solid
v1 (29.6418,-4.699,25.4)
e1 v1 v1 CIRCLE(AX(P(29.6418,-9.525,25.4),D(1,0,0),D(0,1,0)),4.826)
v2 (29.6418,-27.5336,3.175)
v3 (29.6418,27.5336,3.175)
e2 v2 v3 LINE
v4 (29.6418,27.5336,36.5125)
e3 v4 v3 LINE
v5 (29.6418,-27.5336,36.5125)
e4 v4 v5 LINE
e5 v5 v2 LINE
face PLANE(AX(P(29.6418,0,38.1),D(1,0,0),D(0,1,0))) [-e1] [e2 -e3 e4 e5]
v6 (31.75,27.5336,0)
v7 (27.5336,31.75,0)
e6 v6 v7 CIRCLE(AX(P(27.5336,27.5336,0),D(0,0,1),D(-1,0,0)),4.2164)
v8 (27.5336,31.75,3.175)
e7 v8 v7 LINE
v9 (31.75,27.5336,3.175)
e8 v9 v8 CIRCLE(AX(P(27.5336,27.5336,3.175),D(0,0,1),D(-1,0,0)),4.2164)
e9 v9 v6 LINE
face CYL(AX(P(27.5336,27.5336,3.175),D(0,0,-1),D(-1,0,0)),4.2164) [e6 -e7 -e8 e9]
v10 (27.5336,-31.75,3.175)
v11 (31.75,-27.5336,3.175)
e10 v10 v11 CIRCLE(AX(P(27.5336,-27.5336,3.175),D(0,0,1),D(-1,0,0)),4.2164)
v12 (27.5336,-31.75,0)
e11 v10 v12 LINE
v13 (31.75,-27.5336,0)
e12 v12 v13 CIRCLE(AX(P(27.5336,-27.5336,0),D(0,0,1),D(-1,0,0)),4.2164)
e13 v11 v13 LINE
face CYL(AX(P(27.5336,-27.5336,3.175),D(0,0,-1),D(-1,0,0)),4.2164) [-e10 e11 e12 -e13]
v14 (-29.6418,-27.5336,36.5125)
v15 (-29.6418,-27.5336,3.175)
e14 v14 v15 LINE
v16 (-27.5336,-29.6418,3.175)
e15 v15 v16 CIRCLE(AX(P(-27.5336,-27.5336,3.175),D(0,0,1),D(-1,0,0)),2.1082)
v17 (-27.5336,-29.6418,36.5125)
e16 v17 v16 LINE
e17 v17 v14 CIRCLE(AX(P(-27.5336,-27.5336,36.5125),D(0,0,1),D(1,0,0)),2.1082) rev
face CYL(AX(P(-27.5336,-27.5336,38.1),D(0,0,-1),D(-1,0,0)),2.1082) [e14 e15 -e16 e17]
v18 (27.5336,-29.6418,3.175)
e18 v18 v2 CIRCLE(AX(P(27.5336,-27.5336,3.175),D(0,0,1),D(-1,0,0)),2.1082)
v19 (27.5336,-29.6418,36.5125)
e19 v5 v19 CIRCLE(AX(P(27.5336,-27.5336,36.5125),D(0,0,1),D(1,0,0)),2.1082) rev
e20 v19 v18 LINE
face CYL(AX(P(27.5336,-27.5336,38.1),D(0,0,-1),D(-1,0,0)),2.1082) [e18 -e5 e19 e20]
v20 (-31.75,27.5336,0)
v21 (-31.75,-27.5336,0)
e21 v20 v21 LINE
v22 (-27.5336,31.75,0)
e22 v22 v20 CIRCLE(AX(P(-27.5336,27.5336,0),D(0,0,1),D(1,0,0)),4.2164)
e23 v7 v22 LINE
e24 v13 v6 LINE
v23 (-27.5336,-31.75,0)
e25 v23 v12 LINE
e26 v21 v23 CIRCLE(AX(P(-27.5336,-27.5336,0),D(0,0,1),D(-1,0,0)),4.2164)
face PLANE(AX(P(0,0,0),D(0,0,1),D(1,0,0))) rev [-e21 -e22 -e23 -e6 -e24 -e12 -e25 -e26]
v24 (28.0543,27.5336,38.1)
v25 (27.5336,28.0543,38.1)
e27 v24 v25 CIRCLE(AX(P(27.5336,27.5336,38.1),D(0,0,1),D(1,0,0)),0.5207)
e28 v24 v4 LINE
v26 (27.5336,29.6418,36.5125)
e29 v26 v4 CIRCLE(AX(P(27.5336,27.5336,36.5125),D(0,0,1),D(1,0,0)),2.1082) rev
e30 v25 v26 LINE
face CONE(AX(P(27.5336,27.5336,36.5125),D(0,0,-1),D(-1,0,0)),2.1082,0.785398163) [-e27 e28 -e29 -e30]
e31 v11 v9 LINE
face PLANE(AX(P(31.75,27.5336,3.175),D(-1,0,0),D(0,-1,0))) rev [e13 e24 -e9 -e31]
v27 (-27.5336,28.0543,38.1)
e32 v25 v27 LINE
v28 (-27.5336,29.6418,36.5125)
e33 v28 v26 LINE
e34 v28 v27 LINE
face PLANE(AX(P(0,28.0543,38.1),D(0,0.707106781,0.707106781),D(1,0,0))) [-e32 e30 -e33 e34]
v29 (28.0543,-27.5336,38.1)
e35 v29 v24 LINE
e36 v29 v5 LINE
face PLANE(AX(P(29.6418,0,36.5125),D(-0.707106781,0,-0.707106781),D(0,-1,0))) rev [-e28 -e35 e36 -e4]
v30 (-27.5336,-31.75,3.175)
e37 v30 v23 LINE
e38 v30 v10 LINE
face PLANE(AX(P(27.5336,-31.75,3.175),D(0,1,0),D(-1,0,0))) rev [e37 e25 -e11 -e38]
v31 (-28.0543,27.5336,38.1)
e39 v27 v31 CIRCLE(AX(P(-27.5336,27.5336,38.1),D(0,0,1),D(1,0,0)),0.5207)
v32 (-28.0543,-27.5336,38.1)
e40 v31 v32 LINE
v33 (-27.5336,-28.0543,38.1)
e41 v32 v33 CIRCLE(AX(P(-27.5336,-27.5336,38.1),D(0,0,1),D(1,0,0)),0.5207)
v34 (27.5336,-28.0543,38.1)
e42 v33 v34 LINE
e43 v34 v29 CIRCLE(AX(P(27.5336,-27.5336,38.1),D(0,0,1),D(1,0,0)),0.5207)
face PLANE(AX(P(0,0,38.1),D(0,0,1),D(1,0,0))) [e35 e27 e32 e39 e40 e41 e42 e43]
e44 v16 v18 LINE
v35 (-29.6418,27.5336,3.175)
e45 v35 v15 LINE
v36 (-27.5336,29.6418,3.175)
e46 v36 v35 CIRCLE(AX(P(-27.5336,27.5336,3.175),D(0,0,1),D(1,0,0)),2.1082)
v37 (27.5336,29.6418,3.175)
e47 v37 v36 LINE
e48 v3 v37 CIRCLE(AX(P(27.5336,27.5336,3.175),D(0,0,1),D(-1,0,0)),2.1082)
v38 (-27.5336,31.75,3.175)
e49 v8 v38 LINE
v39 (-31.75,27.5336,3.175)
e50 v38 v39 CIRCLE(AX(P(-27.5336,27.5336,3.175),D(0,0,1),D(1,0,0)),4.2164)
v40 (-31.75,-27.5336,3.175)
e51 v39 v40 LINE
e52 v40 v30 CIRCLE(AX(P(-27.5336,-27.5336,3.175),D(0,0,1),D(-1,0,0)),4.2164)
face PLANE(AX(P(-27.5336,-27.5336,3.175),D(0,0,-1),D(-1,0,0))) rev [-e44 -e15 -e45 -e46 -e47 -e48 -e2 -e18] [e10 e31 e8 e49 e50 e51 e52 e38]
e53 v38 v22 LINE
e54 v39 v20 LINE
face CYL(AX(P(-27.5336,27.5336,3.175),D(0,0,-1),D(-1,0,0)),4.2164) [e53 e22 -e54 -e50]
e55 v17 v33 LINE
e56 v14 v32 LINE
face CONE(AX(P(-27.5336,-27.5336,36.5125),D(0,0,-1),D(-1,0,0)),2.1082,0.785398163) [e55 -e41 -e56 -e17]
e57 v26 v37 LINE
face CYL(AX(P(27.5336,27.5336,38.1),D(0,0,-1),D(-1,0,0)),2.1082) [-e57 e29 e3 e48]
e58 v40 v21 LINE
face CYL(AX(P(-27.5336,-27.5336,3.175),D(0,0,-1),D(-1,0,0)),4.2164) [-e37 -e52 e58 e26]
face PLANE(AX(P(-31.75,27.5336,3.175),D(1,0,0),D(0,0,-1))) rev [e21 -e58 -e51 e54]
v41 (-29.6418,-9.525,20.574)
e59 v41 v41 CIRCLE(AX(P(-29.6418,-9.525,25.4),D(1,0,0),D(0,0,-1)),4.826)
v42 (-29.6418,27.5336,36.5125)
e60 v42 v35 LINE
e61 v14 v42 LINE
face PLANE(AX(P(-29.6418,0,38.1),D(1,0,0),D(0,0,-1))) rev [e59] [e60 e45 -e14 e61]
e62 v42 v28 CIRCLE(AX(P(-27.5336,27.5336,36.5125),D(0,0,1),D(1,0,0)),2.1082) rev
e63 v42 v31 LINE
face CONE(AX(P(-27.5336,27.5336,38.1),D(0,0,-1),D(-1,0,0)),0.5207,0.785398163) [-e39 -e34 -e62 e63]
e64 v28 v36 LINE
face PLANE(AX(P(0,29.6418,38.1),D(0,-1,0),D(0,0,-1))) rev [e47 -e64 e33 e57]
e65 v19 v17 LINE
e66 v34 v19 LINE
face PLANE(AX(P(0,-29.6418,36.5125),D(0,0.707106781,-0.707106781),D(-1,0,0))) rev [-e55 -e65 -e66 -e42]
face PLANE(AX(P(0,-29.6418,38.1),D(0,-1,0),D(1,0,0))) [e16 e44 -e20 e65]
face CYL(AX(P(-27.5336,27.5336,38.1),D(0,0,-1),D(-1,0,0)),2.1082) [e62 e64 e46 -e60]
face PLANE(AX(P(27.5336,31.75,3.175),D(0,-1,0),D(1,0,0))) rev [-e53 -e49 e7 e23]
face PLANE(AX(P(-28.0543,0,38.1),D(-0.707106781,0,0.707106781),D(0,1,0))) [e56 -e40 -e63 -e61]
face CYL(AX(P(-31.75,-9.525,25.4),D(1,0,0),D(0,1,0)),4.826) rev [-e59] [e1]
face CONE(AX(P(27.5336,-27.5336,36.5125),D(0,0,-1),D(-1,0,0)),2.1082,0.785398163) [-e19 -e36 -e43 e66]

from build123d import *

# Parameters (mm, degrees)
BOSS_EXTRUDE1_DEPTH = 38.1
BOSS_EXTRUDE2_DEPTH = 3.175
SKETCH2_R           = 4.826
CUT_EXTRUDE1_DEPTH  = 79.921642198
CHAMFER1_SIZE       = 1.5875


with BuildPart() as part:
    # Sketch1 → Boss-Extrude1 (new body)
    with BuildSketch(Plane.XY):
        with BuildLine():
            ThreePointArc((29.6418, 27.5336), (29.024322516, 29.024322516), (27.5336, 29.6418))
            Line((27.5336, 29.6418), (-27.5336, 29.6418))
            ThreePointArc((-27.5336, 29.6418), (-29.024322516, 29.024322516), (-29.6418, 27.5336))
            Line((-29.6418, 27.5336), (-29.6418, -27.5336))
            ThreePointArc((-29.6418, -27.5336), (-29.024322516, -29.024322516), (-27.5336, -29.6418))
            Line((-27.5336, -29.6418), (27.5336, -29.6418))
            ThreePointArc((27.5336, -29.6418), (29.024322516, -29.024322516), (29.6418, -27.5336))
            Line((29.6418, -27.5336), (29.6418, 27.5336))
        make_face()
    extrude(amount=BOSS_EXTRUDE1_DEPTH)

    # Sketch1<3> → Boss-Extrude2 (add)
    with BuildSketch(Plane.XY):
        with BuildLine():
            Line((27.5336, 31.75), (-27.5336, 31.75))
            ThreePointArc((-27.5336, 31.75), (-30.515045032, 30.515045032), (-31.75, 27.5336))
            Line((-31.75, 27.5336), (-31.75, -27.5336))
            ThreePointArc((-31.75, -27.5336), (-30.515045032, -30.515045032), (-27.5336, -31.75))
            Line((-27.5336, -31.75), (27.5336, -31.75))
            ThreePointArc((27.5336, -31.75), (30.515045032, -30.515045032), (31.75, -27.5336))
            Line((31.75, -27.5336), (31.75, 27.5336))
            ThreePointArc((31.75, 27.5336), (30.515045032, 30.515045032), (27.5336, 31.75))
        make_face()
        with BuildLine():
            Line((27.5336, 29.6418), (-27.5336, 29.6418))
            ThreePointArc((-27.5336, 29.6418), (-29.024322516, 29.024322516), (-29.6418, 27.5336))
            Line((-29.6418, 27.5336), (-29.6418, -27.5336))
            ThreePointArc((-29.6418, -27.5336), (-29.024322516, -29.024322516), (-27.5336, -29.6418))
            Line((-27.5336, -29.6418), (27.5336, -29.6418))
            ThreePointArc((27.5336, -29.6418), (29.024322516, -29.024322516), (29.6418, -27.5336))
            Line((29.6418, -27.5336), (29.6418, 27.5336))
            ThreePointArc((29.6418, 27.5336), (29.024322516, 29.024322516), (27.5336, 29.6418))
        make_face(mode=Mode.SUBTRACT)
    extrude(amount=BOSS_EXTRUDE2_DEPTH)

    # Sketch2 → Cut-Extrude1 (cut, through all)
    with BuildSketch(Plane(origin=(29.6418, 0, 0), x_dir=(0, 0, -1), z_dir=(1, 0, 0))):
        with Locations((-25.4, -9.525)):
            Circle(SKETCH2_R)
    extrude(amount=-CUT_EXTRUDE1_DEPTH, mode=Mode.SUBTRACT)

    # Chamfer1
    chamfer1_edges = [part.edges().sort_by_distance(p)[0] for p in [
        (0, 29.6418, 38.1),
        (29.024322516, 29.024322516, 38.1),
        (-29.024322516, 29.024322516, 38.1),
        (29.6418, 0, 38.1),
        (-29.6418, 0, 38.1),
        (29.024322516, -29.024322516, 38.1),
        (-29.024322516, -29.024322516, 38.1),
        (0, -29.6418, 38.1),
    ]]
    chamfer(chamfer1_edges, length=CHAMFER1_SIZE)


solid = part.part
